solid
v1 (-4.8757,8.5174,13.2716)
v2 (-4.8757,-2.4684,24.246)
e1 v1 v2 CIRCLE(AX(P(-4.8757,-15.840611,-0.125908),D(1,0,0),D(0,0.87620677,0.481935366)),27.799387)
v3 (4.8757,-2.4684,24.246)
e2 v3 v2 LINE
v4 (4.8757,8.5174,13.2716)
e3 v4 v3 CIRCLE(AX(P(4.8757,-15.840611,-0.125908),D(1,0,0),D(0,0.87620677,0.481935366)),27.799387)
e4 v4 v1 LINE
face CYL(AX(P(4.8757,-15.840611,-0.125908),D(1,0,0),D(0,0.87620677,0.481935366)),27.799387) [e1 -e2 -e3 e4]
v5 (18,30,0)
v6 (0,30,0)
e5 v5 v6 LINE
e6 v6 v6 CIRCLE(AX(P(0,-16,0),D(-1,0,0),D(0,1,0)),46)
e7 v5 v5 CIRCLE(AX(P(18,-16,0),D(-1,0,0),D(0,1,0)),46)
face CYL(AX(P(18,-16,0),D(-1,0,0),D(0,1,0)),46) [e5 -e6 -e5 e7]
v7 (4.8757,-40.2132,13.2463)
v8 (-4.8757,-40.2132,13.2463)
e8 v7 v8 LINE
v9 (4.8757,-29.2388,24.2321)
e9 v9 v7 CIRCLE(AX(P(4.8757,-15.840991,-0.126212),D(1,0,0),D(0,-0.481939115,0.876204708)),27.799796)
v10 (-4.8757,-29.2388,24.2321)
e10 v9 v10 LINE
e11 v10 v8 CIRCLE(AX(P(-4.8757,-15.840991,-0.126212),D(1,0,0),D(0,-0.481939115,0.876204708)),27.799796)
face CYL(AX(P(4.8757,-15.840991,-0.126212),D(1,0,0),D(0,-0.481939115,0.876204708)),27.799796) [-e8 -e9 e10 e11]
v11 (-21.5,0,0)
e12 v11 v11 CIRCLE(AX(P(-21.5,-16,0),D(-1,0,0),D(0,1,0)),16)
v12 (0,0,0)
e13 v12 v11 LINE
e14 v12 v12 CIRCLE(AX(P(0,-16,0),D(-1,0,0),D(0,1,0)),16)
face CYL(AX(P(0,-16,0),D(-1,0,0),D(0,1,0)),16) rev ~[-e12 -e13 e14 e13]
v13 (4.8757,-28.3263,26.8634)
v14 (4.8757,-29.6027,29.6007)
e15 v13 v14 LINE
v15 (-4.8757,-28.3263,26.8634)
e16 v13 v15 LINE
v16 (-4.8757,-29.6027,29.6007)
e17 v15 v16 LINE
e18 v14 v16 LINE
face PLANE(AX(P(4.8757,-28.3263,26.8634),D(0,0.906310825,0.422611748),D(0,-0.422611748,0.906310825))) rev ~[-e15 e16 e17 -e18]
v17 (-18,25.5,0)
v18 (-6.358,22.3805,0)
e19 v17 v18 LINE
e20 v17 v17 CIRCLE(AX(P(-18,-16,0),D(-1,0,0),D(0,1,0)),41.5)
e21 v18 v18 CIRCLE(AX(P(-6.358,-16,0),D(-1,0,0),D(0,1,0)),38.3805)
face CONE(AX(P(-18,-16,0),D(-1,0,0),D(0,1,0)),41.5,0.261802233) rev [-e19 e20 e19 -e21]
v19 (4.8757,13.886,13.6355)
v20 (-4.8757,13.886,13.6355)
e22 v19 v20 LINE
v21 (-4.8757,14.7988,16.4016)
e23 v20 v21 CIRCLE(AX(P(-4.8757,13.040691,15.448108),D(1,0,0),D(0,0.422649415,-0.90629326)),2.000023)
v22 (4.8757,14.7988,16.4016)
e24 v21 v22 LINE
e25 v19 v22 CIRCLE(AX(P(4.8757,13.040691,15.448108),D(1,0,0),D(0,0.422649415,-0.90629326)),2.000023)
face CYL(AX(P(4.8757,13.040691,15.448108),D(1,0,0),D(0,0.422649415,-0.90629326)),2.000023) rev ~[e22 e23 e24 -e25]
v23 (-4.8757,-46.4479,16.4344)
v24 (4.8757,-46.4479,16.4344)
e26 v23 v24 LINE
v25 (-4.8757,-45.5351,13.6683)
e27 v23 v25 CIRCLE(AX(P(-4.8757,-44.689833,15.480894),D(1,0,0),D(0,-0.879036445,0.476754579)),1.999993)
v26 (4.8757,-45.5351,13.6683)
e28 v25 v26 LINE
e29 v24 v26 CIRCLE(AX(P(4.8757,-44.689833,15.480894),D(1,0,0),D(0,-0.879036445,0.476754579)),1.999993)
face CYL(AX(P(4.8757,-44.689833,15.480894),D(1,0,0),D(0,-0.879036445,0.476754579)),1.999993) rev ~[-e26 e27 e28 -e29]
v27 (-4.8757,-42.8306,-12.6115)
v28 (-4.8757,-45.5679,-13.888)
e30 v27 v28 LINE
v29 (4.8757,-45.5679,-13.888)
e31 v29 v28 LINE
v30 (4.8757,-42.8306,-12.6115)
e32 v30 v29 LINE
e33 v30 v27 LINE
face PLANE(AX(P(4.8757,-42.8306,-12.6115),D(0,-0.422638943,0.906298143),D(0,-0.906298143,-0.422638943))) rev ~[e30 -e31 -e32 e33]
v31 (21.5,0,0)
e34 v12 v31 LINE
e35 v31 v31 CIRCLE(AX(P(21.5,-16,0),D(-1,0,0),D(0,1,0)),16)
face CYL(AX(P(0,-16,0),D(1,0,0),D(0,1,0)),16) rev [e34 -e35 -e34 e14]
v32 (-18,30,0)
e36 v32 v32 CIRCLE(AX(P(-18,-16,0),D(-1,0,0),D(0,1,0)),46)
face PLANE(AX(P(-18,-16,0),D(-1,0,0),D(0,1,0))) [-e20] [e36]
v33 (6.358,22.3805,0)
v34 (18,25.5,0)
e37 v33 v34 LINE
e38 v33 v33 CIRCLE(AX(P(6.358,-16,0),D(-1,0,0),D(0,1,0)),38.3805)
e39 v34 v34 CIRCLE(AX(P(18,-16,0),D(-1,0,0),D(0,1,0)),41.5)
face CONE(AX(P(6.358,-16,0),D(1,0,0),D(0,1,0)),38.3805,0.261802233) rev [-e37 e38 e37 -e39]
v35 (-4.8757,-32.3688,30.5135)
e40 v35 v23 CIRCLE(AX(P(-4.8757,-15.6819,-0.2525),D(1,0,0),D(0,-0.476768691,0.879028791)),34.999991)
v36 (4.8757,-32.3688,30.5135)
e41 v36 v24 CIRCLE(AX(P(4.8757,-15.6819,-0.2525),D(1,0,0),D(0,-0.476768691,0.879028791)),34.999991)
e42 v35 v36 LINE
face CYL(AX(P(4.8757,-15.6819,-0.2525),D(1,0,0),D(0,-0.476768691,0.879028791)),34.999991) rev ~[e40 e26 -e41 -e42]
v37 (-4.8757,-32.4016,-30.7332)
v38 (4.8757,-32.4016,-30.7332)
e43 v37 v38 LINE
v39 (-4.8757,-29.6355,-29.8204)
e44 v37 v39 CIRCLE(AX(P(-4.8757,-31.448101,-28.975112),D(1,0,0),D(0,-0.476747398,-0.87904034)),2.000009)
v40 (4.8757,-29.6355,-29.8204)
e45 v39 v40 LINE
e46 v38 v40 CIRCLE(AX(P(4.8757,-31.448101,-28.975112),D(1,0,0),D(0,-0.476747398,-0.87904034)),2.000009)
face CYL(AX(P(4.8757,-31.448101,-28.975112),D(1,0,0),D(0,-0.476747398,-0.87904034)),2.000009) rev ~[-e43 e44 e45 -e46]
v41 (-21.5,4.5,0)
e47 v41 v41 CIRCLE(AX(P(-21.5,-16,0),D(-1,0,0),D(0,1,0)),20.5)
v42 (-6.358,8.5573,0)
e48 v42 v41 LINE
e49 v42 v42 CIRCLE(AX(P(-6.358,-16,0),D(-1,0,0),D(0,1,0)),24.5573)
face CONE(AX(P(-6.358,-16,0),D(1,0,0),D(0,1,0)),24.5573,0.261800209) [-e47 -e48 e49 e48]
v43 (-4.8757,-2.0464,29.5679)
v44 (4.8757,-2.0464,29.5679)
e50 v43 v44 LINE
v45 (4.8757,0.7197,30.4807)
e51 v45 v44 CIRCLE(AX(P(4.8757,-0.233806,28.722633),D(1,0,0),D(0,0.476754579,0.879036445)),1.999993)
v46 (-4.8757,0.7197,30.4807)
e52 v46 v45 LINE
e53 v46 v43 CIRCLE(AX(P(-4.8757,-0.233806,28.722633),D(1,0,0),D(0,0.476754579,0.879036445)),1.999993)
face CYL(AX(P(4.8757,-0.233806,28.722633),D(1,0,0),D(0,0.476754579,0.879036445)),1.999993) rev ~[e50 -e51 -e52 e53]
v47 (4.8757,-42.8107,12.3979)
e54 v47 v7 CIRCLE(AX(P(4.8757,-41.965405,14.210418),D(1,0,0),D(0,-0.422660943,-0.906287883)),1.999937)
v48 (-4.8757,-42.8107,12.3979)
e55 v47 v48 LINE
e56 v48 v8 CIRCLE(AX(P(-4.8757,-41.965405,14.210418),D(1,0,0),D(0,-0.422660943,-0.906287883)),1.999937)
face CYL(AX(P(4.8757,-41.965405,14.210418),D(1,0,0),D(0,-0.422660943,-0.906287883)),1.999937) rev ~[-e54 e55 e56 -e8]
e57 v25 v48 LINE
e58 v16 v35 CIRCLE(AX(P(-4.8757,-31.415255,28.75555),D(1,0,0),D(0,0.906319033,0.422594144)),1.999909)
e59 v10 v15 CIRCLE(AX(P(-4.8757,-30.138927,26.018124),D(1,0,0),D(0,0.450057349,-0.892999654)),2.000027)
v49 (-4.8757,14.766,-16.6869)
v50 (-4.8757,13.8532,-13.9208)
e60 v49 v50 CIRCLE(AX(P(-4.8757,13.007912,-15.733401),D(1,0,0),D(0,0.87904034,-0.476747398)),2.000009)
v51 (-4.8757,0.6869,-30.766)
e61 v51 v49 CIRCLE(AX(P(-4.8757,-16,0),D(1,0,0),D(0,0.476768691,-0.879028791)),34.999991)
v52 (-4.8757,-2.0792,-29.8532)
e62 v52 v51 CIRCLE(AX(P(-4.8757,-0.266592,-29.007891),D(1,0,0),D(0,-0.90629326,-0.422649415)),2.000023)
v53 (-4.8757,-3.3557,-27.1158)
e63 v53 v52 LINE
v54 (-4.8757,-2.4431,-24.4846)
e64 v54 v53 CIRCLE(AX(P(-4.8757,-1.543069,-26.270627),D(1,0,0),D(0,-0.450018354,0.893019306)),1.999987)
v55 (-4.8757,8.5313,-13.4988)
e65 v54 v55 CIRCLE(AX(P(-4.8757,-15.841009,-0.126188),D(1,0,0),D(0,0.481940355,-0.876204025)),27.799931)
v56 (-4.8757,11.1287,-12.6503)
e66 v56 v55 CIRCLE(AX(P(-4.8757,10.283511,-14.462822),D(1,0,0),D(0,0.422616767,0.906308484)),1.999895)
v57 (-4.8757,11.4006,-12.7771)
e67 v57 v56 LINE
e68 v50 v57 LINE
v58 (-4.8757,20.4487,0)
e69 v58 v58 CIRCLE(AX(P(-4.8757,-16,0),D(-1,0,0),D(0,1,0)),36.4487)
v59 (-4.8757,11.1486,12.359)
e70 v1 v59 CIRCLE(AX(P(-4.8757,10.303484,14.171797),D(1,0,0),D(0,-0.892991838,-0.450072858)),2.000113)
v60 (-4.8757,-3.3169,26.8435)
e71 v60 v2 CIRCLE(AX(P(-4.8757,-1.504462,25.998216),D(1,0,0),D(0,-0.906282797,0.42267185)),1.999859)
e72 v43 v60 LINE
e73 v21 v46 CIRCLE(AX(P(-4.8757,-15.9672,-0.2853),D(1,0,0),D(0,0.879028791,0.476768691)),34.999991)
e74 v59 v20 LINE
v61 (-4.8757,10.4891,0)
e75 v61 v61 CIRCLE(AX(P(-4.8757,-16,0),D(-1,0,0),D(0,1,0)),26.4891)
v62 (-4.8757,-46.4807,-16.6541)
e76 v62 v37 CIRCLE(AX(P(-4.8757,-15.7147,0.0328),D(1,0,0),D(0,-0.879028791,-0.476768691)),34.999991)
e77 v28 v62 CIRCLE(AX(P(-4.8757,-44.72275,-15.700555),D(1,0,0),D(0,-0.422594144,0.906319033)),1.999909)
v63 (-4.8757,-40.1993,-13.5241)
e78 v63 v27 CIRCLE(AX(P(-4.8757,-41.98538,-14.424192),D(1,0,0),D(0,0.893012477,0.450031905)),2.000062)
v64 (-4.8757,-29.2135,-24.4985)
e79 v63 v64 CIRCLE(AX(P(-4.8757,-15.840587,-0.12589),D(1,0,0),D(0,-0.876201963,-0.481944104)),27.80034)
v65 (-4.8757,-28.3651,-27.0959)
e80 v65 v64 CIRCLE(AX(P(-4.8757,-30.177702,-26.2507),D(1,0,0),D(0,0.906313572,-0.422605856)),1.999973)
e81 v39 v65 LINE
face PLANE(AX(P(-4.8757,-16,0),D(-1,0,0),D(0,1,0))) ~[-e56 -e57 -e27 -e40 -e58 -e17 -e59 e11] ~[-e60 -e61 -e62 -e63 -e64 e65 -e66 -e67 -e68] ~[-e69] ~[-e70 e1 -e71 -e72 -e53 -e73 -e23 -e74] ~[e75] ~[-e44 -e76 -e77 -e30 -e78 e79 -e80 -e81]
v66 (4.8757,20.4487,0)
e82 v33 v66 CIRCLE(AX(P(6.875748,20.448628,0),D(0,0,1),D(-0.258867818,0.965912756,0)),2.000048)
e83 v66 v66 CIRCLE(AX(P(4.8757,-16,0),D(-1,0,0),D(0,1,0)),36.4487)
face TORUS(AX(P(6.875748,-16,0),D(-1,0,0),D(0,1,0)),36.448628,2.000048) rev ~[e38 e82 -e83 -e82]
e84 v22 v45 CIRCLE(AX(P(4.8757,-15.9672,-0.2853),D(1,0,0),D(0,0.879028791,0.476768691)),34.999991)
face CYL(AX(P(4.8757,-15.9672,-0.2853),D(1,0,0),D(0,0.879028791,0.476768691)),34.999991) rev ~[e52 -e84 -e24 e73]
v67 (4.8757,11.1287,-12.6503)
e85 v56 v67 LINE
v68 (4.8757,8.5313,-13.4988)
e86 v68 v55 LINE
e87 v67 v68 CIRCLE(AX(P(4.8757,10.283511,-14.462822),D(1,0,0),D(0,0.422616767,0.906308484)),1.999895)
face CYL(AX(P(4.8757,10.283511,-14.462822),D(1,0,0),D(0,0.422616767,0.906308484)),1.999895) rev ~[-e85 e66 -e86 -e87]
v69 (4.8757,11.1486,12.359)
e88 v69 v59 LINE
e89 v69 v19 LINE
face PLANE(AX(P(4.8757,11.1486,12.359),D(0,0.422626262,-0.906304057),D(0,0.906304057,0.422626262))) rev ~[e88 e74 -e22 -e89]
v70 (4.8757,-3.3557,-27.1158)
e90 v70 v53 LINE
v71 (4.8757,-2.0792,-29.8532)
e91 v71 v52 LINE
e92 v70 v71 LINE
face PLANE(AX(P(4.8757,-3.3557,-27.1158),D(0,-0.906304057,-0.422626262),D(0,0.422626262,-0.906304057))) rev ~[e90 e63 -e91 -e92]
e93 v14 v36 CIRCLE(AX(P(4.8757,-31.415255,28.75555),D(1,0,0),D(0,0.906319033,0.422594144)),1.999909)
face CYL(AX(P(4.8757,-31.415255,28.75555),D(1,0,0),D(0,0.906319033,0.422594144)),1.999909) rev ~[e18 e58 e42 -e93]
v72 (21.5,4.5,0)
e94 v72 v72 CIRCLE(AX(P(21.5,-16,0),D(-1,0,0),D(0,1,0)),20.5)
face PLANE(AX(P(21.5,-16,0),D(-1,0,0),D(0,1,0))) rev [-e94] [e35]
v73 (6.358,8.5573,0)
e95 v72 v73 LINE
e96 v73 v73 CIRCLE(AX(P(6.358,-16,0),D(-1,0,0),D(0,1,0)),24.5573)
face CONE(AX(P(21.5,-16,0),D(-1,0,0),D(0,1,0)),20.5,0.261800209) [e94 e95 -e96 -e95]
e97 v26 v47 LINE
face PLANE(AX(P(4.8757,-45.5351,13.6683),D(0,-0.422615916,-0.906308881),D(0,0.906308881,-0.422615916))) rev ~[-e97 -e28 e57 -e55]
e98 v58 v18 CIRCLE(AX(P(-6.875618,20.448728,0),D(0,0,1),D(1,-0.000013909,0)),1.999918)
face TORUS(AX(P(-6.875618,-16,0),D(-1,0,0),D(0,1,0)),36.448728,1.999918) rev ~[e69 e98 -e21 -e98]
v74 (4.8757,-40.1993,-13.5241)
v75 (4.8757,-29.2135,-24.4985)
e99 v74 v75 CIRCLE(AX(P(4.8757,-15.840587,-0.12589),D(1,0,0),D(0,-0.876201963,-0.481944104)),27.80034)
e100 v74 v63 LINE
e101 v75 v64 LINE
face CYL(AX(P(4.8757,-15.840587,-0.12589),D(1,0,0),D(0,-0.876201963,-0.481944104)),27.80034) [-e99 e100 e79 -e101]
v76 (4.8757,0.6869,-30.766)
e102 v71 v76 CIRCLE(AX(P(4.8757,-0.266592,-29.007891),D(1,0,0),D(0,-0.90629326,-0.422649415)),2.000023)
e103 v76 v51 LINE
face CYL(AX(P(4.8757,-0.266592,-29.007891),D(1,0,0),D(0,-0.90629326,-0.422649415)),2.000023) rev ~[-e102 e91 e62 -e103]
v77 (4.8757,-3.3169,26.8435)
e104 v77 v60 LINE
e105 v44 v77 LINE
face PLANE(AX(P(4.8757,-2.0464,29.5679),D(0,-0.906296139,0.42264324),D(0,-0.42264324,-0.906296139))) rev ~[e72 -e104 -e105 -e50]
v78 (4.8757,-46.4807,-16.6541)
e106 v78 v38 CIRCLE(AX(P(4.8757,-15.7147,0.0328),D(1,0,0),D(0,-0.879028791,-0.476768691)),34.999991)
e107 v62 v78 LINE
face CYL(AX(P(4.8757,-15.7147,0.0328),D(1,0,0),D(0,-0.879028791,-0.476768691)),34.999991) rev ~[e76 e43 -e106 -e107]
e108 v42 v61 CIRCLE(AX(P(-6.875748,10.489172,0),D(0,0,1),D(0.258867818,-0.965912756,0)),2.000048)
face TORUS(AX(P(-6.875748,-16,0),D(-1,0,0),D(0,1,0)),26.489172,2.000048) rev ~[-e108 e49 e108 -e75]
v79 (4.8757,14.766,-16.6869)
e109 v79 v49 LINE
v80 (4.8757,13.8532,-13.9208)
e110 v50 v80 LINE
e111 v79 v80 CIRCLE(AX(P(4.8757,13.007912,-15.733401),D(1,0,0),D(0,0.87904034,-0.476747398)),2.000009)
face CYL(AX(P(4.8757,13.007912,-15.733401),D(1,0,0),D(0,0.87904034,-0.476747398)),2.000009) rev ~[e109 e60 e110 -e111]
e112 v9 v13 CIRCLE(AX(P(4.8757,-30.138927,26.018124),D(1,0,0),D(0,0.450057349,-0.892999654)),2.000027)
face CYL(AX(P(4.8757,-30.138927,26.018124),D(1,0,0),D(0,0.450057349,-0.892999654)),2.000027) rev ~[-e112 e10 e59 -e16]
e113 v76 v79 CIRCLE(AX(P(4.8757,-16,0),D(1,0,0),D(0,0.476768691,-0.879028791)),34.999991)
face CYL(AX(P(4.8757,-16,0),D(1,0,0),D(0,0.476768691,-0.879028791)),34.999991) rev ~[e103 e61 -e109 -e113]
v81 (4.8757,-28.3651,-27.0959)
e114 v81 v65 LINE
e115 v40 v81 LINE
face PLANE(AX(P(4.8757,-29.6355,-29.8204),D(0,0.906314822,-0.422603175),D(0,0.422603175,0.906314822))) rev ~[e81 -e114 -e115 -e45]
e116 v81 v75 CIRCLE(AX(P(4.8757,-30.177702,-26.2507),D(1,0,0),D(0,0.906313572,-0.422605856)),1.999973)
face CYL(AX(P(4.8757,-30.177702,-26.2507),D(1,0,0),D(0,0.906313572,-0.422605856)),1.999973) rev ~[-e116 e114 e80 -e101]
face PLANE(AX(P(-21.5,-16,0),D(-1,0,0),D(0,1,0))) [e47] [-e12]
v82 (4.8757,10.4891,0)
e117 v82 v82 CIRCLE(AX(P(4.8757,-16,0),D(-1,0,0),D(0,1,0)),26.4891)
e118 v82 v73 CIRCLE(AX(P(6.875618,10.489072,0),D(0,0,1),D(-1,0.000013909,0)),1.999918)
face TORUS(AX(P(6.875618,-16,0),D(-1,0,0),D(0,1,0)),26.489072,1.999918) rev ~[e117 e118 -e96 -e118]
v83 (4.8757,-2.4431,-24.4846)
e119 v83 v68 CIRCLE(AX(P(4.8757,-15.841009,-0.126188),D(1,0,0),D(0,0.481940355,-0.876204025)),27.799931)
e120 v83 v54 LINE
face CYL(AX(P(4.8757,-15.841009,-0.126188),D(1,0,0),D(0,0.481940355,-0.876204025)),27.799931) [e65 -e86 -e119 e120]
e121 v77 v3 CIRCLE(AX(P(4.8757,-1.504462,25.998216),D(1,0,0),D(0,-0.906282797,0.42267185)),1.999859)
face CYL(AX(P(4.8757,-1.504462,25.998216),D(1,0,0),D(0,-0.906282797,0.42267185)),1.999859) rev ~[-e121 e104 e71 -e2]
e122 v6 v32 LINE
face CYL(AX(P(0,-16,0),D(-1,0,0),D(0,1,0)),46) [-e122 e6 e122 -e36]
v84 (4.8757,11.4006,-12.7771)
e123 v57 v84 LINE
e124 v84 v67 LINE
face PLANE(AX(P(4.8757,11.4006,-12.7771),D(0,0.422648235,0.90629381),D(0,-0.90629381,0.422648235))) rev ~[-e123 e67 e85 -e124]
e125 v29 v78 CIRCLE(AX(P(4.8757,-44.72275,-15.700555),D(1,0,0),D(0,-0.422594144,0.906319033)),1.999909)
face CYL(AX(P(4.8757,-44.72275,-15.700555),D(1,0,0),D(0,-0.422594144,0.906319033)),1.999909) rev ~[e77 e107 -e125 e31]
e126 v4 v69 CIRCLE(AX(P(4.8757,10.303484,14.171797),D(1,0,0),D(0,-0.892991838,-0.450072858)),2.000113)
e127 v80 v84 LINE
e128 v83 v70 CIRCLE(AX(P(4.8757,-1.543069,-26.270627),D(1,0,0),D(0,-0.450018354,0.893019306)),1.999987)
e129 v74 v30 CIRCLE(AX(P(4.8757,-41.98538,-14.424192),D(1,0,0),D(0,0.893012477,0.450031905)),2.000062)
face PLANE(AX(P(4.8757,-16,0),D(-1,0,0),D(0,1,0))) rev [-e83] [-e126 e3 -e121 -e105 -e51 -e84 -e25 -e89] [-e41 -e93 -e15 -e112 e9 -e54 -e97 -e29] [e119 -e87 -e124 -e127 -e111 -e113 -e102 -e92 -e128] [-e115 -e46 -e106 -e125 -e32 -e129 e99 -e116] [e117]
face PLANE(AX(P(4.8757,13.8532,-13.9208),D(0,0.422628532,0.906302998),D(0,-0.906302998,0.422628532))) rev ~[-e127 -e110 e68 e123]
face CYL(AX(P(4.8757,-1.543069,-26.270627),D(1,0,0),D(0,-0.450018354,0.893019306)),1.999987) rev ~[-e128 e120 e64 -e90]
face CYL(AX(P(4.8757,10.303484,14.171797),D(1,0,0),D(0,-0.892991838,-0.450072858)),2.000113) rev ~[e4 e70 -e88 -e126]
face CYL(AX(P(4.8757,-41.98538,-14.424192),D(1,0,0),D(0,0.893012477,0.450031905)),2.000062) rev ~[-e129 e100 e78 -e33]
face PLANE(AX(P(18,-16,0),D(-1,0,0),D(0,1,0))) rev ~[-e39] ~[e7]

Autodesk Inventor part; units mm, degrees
ref_plane "YZ Plane" through (0, 0, 0) normal (1, 0, 0) x (0, 1, 0)
ref_plane "XZ Plane" through (0, 0, 0) normal (0, 1, 0) x (-1, 0, 0)
ref_plane "XY Plane" through (0, 0, 0) normal (0, 0, 1) x (1, 0, 0)
sketch "Szkic1" plane through (0, 0, 0) normal (0, 0, 1) x (1, 0, 0)
  line L0 (18, 25.5) -> (30.0527, 25.5) construction
  line L1 (21.5, 0) -> (21.5, 4.5)
  line L2 (21.5, 4.5) -> (6.358, 8.5573)
  line L3 (4.8757, 10.4891) -> (4.8757, 20.4487)
  line L4 (0, 0) -> (21.5, 0)
  line L5 (-18, 30) -> (-18, 25.5)
  line L6 (-18, 25.5) -> (-6.358, 22.3805)
  line L7 (0, 0) -> (-21.5, 0)
  line L8 (-4.8757, 10.4891) -> (-4.8757, 20.4487)
  arc A0 (-4.8757, 20.4487) -> (-6.358, 22.3805) centre (-6.8757, 20.4487) ccw
  arc A1 (-6.358, 8.5573) -> (-4.8757, 10.4891) centre (-6.8757, 10.4891) ccw
  arc A2 (6.358, 22.3805) -> (4.8757, 20.4487) centre (6.8757, 20.4487) ccw
  arc A3 (4.8757, 10.4891) -> (6.358, 8.5573) centre (6.8757, 10.4891) ccw
  line L9 (-6.358, 8.5573) -> (-21.5, 4.5)
  line L10 (21.5, 4.5) -> (6.358, 8.5573)
  line L11 (6.358, 22.3805) -> (18, 25.5)
  line L12 (18, 30) -> (18, 25.5)
  line L13 (0, 30) -> (-18, 30)
  line L14 (-21.5, 4.5) -> (-21.5, 0)
  line L15 (18, 30) -> (-18, 30)
  line L16 (21.5, -16) -> (-21.5, -16)
  point P0 (-4.8757, 21.9833)
  point P1 (-4.8757, 8.9545)
  dimension "d0" = 30
  dimension "d1" = 18
  dimension "d2" = 4.5
  dimension "d4" = 21.5
  dimension "d5" = 4.5
  dimension "d6" = 105
  dimension "d7" = 2
  dimension "d13" = 43
revolve "Obrót1" add sketch "Szkic1" angle 360 about axis through (21.5, -16, 0) along (-1, 0, 0)
sketch "Szkic2" plane through (4.8757, -16, 0) normal (1, 0, 0) x (0, 0, -1)
  circle A0 centre (0, 0) radius 35 construction
  circle A1 centre (0, 0) radius 28 construction
  line L0 (0, 0) -> (23.915, 51.2858) construction
  line L1 (0, 0) -> (56.5876, 0) construction
  line L2 (0, 0) -> (50.5859, 23.5886) construction
  line L3 (0, 0) -> (55.8154, 0) construction
  line L4 (13.9208, 29.8532) -> (12.7771, 27.4006)
  line L5 (27.1158, 12.6443) -> (29.8532, 13.9208)
  arc A2 (30.766, 16.6869) -> (16.6869, 30.766) centre (0, 0) ccw
  arc A3 (16.6869, 30.766) -> (13.9208, 29.8532) centre (15.7334, 29.0079) ccw
  arc A4 (29.8532, 13.9208) -> (30.766, 16.6869) centre (29.0079, 15.7334) ccw
  arc A5 (24.4846, 13.5569) -> (27.1158, 12.6443) centre (26.2706, 14.4569) ccw
  line L6 (12.7771, 27.4006) -> (12.6503, 27.1287)
  arc A6 (12.6503, 27.1287) -> (13.4988, 24.5313) centre (14.463, 26.2835) ccw
  arc A7 (24.4846, 13.5569) -> (13.4988, 24.5313) centre (0.1262, 0.159) ccw
  arc A8 (-16.4016, 30.7988) -> (-30.4807, 16.7197) centre (0.2853, 0.0328) ccw
  line L7 (-29.5679, 13.9536) -> (-26.8435, 12.6831)
  arc A9 (-26.8435, 12.6831) -> (-24.246, 13.5316) centre (-25.9982, 14.4958) ccw
  arc A10 (-13.2716, 24.5174) -> (-24.246, 13.5316) centre (0.1262, 0.159) ccw
  arc A11 (-13.2716, 24.5174) -> (-12.359, 27.1486) centre (-14.1717, 26.3034) ccw
  arc A12 (-30.4807, 16.7197) -> (-29.5679, 13.9536) centre (-28.7227, 15.7662) ccw
  arc A13 (-13.6355, 29.886) -> (-16.4016, 30.7988) centre (-15.4481, 29.0407) ccw
  line L8 (-12.359, 27.1486) -> (-13.6355, 29.886)
  arc A14 (-30.5135, -16.3688) -> (-16.4344, -30.4479) centre (0.2525, 0.3181) ccw
  line L9 (-13.6683, -29.5351) -> (-12.3979, -26.8107)
  arc A15 (-12.3979, -26.8107) -> (-13.2463, -24.2132) centre (-14.2105, -25.9654) ccw
  arc A16 (-24.2321, -13.2388) -> (-13.2463, -24.2132) centre (0.1262, 0.159) ccw
  arc A17 (-24.2321, -13.2388) -> (-26.8634, -12.3263) centre (-26.0181, -14.1389) ccw
  arc A18 (-16.4344, -30.4479) -> (-13.6683, -29.5351) centre (-15.4809, -28.6899) ccw
  arc A19 (-29.6007, -13.6027) -> (-30.5135, -16.3688) centre (-28.7555, -15.4153) ccw
  line L10 (-26.8634, -12.3263) -> (-29.6007, -13.6027)
  arc A20 (16.6541, -30.4807) -> (30.7332, -16.4016) centre (-0.0328, 0.2853) ccw
  line L11 (29.8204, -13.6355) -> (27.0959, -12.3651)
  arc A21 (27.0959, -12.3651) -> (24.4985, -13.2135) centre (26.2507, -14.1777) ccw
  arc A22 (13.5241, -24.1993) -> (24.4985, -13.2135) centre (0.1262, 0.159) ccw
  arc A23 (13.5241, -24.1993) -> (12.6115, -26.8306) centre (14.4241, -25.9853) ccw
  arc A24 (30.7332, -16.4016) -> (29.8204, -13.6355) centre (28.9751, -15.4481) ccw
  arc A25 (13.888, -29.5679) -> (16.6541, -30.4807) centre (15.7006, -28.7227) ccw
  line L12 (12.6115, -26.8306) -> (13.888, -29.5679)
  point P0 (0, 16)
  point P1 (14.7916, 31.7208)
  point P2 (25.293, 11.7943)
  point P3 (31.7208, 14.7916)
  point P4 (11.8333, 25.3766)
  dimension "d16" = 56
  dimension "d15" = 70
  dimension "d17" = 65
  dimension "d18" = 25
  dimension "d19" = 2
  dimension "d21" = 2
  dimension "d22" = 2
extrude "Wyciągnięcie proste1" cut sketch "Szkic2" against normal blind 30 and the other way blind 15
properties part number "koło_zapasowe"
